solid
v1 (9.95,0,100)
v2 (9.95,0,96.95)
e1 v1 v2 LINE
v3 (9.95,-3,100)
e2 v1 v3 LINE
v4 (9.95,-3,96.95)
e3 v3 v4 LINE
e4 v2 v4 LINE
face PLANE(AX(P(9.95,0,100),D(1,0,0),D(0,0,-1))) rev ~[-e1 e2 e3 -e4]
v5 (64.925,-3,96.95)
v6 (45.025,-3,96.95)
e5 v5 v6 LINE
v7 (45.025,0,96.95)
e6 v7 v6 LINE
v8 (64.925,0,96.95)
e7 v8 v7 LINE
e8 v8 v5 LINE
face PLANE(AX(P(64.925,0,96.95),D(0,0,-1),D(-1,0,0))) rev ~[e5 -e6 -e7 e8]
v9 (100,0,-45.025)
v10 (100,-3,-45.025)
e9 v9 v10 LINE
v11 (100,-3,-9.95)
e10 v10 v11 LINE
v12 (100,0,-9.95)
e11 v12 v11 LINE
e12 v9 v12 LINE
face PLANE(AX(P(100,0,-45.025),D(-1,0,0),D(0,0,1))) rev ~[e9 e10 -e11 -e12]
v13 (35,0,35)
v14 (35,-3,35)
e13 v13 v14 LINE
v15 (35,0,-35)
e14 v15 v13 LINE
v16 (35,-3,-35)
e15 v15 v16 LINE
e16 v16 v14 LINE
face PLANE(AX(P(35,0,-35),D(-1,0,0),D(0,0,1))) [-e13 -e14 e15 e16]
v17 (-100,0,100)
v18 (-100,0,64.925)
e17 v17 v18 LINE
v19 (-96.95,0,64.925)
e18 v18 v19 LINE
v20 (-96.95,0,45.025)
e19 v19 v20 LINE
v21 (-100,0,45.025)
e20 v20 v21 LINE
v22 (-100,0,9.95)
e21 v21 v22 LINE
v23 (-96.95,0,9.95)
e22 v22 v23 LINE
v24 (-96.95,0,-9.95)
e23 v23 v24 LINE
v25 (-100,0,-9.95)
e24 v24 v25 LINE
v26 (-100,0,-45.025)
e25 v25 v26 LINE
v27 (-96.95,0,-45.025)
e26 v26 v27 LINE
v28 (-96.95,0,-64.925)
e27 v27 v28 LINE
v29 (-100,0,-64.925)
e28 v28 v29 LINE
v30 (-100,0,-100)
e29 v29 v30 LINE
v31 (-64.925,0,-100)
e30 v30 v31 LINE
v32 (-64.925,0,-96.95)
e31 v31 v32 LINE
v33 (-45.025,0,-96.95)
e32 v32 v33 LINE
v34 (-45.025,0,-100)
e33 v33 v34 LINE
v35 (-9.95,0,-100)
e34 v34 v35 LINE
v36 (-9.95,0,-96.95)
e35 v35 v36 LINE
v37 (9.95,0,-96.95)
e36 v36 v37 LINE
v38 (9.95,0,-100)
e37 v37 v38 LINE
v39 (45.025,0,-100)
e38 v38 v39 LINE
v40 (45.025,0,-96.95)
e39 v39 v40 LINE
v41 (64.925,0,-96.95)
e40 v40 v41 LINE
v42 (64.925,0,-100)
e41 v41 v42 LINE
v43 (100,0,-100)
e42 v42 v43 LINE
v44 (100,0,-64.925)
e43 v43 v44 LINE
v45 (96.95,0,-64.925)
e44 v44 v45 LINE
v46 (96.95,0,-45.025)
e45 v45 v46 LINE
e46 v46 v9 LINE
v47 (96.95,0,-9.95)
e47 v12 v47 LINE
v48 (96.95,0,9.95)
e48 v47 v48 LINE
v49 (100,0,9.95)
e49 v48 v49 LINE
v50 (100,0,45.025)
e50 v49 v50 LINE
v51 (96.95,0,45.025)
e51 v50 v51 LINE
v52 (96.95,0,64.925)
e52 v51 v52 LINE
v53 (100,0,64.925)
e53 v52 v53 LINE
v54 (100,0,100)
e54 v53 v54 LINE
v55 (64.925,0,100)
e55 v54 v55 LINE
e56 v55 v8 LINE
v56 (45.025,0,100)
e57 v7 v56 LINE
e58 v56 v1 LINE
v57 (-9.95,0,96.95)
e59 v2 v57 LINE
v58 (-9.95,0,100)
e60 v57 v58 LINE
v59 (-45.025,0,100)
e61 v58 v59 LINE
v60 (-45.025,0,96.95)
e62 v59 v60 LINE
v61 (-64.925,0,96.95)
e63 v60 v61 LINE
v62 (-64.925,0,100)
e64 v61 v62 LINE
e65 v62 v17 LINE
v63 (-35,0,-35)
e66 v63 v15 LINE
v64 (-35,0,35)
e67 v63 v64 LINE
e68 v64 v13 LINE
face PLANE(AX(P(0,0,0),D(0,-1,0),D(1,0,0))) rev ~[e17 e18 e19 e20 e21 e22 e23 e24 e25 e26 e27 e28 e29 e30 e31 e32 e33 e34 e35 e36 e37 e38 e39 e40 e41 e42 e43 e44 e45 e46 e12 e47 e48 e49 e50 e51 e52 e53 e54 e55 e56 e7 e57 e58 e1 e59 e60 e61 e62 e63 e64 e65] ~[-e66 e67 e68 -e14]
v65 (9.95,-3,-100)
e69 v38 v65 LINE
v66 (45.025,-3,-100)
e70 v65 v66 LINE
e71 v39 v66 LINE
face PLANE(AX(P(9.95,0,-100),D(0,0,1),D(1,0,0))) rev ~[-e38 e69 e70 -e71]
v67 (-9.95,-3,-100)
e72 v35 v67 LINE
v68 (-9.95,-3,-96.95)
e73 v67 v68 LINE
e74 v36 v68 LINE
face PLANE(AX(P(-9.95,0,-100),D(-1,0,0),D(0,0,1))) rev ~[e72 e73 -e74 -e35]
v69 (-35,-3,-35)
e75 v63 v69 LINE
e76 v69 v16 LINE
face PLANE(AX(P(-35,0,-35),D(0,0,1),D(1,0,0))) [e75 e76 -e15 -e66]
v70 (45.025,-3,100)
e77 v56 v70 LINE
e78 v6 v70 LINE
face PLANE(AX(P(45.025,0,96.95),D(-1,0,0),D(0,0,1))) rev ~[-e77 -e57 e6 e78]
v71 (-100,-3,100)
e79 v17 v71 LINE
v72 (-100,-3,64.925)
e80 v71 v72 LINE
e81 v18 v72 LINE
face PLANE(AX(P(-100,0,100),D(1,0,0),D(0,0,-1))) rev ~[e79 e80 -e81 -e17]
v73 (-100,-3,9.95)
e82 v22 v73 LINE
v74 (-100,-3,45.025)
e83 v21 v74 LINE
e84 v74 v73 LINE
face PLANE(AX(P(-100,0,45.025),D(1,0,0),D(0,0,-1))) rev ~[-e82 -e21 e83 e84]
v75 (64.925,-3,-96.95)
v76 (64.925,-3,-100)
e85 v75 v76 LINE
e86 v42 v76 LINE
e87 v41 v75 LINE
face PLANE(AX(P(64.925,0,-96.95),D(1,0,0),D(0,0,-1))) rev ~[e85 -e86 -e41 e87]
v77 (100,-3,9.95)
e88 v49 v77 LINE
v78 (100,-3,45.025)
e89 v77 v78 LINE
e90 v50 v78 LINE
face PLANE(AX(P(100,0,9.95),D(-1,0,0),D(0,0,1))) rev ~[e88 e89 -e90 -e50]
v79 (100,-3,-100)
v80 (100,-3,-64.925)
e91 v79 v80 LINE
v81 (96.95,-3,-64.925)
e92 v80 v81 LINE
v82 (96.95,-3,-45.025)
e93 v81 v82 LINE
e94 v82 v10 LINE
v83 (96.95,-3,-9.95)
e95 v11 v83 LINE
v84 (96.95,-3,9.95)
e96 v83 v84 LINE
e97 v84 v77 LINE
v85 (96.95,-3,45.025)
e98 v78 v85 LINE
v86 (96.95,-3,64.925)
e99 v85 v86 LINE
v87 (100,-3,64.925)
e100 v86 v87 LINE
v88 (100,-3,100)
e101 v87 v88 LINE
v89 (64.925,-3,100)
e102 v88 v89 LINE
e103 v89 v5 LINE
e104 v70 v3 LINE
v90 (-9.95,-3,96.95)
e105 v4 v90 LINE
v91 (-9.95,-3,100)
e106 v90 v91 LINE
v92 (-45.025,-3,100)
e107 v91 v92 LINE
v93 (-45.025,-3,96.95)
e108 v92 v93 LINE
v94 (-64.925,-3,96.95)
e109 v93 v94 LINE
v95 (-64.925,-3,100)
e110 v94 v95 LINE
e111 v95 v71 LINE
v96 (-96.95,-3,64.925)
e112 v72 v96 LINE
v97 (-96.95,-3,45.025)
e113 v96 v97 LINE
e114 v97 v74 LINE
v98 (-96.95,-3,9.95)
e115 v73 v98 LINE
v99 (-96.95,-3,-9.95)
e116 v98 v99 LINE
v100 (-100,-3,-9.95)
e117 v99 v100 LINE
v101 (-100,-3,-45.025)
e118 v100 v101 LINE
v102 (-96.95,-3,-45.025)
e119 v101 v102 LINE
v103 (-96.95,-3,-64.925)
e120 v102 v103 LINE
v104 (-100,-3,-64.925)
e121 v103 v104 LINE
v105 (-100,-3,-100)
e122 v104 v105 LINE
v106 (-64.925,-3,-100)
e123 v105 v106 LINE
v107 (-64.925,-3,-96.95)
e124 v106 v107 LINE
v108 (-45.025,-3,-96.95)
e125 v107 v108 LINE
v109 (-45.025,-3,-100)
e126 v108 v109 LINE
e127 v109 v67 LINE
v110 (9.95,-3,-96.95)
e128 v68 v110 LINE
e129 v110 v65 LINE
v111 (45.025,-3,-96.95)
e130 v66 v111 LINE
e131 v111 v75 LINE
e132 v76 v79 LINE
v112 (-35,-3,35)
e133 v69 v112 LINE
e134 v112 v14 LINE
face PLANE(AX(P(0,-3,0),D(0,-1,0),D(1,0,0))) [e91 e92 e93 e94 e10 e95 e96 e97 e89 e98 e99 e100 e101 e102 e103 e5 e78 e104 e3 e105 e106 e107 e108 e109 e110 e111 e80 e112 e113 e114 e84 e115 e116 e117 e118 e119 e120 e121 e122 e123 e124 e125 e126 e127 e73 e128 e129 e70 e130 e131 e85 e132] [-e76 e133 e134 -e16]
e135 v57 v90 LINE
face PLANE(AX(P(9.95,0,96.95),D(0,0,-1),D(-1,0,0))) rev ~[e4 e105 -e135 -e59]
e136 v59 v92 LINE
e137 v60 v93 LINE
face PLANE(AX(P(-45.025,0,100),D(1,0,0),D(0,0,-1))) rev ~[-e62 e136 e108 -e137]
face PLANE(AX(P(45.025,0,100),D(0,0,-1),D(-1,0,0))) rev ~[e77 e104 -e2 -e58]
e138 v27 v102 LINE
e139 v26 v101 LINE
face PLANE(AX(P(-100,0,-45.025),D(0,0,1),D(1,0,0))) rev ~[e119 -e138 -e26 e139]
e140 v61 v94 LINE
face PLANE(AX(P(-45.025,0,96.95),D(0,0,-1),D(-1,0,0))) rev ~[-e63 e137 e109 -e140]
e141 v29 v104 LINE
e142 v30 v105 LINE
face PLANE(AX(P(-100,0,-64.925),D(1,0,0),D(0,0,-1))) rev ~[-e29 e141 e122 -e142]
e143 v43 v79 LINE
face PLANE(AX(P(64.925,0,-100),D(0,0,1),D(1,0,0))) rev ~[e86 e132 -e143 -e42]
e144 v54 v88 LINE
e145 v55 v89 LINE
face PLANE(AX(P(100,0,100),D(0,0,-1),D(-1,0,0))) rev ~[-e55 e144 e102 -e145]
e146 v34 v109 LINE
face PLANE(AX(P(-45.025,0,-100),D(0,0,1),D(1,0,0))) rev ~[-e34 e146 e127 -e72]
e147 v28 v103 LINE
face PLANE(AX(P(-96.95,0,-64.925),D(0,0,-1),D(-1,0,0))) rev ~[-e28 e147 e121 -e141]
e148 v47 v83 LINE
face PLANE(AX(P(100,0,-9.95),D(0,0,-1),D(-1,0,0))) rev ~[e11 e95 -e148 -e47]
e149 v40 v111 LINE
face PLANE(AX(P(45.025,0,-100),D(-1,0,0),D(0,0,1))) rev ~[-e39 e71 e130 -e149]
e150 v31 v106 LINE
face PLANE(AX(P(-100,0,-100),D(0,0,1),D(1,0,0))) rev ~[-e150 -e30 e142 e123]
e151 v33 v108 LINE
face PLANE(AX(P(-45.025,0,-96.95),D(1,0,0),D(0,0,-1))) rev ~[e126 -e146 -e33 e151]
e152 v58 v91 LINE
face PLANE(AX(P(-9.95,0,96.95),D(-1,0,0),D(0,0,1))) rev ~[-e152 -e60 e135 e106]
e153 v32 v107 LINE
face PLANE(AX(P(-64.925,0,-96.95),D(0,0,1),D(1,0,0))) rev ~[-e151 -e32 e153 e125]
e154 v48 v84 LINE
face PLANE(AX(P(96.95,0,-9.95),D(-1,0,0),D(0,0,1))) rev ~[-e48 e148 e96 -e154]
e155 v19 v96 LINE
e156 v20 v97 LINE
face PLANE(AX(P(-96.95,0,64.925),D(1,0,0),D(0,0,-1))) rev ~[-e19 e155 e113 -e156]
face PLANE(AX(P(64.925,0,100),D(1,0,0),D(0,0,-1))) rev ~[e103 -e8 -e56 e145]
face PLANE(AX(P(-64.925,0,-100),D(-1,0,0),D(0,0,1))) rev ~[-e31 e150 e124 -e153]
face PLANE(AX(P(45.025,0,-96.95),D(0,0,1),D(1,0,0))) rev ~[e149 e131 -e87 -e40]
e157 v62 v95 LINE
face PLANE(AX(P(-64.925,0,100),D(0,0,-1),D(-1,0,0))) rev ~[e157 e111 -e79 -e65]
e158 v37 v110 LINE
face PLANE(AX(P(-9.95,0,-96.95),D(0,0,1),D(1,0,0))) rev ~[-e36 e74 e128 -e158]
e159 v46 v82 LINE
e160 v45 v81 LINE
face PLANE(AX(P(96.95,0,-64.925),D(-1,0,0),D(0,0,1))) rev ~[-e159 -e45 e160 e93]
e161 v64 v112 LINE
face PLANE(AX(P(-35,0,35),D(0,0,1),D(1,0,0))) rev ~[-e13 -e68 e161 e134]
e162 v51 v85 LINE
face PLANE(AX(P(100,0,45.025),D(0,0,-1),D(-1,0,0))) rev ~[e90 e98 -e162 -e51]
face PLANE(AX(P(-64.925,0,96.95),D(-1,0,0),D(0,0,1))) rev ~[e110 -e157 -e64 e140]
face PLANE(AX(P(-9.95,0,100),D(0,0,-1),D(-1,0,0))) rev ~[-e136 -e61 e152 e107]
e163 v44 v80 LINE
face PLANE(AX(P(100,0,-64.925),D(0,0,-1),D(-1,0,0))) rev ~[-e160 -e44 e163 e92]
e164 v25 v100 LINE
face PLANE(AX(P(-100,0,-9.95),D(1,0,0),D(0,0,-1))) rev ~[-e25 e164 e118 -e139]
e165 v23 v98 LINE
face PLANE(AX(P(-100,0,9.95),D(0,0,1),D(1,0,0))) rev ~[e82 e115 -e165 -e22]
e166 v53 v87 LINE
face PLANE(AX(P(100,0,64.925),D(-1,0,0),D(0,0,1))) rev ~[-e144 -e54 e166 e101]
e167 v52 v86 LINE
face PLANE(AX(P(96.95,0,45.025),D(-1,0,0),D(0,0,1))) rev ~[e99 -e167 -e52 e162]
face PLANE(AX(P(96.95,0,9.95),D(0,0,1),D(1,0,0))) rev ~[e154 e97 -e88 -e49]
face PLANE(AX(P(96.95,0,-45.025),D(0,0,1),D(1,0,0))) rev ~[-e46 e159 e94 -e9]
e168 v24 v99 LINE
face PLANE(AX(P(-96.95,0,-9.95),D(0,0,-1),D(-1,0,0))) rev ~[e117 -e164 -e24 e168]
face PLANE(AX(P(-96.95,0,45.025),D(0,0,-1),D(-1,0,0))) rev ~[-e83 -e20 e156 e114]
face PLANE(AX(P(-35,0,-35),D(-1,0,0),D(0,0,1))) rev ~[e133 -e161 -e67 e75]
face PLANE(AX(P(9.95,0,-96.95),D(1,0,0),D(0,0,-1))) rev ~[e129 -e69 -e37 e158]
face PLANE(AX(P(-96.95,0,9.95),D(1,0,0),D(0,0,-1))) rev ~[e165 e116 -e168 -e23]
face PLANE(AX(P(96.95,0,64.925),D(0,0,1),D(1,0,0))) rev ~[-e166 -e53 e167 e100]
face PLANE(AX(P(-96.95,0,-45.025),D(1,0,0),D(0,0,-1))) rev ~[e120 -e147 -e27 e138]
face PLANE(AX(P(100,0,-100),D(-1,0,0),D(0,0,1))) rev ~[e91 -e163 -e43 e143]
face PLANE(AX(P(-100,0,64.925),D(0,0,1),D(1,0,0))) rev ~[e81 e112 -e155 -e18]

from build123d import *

# Parameters (mm, degrees)
F0_W     = 70
F0_H     = 70
F1_DEPTH = 3


with BuildPart() as f1:
    # F0 (on Front) → F1 (new body)
    with BuildSketch(Plane.XZ):
        Polygon((64.925, -100), (100, -100), (100, -64.925), (96.95, -64.925), (96.95, -45.025), (100, -45.025), (100, -9.95), (96.95, -9.95), (96.95, 9.95), (100, 9.95), (100, 45.025), (96.95, 45.025), (96.95, 64.925), (100, 64.925), (100, 100), (64.925, 100), (64.925, 96.95), (45.025, 96.95), (45.025, 100), (9.95, 100), (9.95, 96.95), (-9.95, 96.95), (-9.95, 100), (-45.025, 100), (-45.025, 96.95), (-64.925, 96.95), (-64.925, 100), (-100, 100), (-100, 64.925), (-96.95, 64.925), (-96.95, 45.025), (-100, 45.025), (-100, 9.95), (-96.95, 9.95), (-96.95, -9.95), (-100, -9.95), (-100, -45.025), (-96.95, -45.025), (-96.95, -64.925), (-100, -64.925), (-100, -100), (-64.925, -100), (-64.925, -96.95), (-45.025, -96.95), (-45.025, -100), (-9.95, -100), (-9.95, -96.95), (9.95, -96.95), (9.95, -100), (45.025, -100), (45.025, -96.95), (64.925, -96.95), align=None)
        Rectangle(F0_W, F0_H, mode=Mode.SUBTRACT)
    extrude(amount=F1_DEPTH)


solid = f1.part
